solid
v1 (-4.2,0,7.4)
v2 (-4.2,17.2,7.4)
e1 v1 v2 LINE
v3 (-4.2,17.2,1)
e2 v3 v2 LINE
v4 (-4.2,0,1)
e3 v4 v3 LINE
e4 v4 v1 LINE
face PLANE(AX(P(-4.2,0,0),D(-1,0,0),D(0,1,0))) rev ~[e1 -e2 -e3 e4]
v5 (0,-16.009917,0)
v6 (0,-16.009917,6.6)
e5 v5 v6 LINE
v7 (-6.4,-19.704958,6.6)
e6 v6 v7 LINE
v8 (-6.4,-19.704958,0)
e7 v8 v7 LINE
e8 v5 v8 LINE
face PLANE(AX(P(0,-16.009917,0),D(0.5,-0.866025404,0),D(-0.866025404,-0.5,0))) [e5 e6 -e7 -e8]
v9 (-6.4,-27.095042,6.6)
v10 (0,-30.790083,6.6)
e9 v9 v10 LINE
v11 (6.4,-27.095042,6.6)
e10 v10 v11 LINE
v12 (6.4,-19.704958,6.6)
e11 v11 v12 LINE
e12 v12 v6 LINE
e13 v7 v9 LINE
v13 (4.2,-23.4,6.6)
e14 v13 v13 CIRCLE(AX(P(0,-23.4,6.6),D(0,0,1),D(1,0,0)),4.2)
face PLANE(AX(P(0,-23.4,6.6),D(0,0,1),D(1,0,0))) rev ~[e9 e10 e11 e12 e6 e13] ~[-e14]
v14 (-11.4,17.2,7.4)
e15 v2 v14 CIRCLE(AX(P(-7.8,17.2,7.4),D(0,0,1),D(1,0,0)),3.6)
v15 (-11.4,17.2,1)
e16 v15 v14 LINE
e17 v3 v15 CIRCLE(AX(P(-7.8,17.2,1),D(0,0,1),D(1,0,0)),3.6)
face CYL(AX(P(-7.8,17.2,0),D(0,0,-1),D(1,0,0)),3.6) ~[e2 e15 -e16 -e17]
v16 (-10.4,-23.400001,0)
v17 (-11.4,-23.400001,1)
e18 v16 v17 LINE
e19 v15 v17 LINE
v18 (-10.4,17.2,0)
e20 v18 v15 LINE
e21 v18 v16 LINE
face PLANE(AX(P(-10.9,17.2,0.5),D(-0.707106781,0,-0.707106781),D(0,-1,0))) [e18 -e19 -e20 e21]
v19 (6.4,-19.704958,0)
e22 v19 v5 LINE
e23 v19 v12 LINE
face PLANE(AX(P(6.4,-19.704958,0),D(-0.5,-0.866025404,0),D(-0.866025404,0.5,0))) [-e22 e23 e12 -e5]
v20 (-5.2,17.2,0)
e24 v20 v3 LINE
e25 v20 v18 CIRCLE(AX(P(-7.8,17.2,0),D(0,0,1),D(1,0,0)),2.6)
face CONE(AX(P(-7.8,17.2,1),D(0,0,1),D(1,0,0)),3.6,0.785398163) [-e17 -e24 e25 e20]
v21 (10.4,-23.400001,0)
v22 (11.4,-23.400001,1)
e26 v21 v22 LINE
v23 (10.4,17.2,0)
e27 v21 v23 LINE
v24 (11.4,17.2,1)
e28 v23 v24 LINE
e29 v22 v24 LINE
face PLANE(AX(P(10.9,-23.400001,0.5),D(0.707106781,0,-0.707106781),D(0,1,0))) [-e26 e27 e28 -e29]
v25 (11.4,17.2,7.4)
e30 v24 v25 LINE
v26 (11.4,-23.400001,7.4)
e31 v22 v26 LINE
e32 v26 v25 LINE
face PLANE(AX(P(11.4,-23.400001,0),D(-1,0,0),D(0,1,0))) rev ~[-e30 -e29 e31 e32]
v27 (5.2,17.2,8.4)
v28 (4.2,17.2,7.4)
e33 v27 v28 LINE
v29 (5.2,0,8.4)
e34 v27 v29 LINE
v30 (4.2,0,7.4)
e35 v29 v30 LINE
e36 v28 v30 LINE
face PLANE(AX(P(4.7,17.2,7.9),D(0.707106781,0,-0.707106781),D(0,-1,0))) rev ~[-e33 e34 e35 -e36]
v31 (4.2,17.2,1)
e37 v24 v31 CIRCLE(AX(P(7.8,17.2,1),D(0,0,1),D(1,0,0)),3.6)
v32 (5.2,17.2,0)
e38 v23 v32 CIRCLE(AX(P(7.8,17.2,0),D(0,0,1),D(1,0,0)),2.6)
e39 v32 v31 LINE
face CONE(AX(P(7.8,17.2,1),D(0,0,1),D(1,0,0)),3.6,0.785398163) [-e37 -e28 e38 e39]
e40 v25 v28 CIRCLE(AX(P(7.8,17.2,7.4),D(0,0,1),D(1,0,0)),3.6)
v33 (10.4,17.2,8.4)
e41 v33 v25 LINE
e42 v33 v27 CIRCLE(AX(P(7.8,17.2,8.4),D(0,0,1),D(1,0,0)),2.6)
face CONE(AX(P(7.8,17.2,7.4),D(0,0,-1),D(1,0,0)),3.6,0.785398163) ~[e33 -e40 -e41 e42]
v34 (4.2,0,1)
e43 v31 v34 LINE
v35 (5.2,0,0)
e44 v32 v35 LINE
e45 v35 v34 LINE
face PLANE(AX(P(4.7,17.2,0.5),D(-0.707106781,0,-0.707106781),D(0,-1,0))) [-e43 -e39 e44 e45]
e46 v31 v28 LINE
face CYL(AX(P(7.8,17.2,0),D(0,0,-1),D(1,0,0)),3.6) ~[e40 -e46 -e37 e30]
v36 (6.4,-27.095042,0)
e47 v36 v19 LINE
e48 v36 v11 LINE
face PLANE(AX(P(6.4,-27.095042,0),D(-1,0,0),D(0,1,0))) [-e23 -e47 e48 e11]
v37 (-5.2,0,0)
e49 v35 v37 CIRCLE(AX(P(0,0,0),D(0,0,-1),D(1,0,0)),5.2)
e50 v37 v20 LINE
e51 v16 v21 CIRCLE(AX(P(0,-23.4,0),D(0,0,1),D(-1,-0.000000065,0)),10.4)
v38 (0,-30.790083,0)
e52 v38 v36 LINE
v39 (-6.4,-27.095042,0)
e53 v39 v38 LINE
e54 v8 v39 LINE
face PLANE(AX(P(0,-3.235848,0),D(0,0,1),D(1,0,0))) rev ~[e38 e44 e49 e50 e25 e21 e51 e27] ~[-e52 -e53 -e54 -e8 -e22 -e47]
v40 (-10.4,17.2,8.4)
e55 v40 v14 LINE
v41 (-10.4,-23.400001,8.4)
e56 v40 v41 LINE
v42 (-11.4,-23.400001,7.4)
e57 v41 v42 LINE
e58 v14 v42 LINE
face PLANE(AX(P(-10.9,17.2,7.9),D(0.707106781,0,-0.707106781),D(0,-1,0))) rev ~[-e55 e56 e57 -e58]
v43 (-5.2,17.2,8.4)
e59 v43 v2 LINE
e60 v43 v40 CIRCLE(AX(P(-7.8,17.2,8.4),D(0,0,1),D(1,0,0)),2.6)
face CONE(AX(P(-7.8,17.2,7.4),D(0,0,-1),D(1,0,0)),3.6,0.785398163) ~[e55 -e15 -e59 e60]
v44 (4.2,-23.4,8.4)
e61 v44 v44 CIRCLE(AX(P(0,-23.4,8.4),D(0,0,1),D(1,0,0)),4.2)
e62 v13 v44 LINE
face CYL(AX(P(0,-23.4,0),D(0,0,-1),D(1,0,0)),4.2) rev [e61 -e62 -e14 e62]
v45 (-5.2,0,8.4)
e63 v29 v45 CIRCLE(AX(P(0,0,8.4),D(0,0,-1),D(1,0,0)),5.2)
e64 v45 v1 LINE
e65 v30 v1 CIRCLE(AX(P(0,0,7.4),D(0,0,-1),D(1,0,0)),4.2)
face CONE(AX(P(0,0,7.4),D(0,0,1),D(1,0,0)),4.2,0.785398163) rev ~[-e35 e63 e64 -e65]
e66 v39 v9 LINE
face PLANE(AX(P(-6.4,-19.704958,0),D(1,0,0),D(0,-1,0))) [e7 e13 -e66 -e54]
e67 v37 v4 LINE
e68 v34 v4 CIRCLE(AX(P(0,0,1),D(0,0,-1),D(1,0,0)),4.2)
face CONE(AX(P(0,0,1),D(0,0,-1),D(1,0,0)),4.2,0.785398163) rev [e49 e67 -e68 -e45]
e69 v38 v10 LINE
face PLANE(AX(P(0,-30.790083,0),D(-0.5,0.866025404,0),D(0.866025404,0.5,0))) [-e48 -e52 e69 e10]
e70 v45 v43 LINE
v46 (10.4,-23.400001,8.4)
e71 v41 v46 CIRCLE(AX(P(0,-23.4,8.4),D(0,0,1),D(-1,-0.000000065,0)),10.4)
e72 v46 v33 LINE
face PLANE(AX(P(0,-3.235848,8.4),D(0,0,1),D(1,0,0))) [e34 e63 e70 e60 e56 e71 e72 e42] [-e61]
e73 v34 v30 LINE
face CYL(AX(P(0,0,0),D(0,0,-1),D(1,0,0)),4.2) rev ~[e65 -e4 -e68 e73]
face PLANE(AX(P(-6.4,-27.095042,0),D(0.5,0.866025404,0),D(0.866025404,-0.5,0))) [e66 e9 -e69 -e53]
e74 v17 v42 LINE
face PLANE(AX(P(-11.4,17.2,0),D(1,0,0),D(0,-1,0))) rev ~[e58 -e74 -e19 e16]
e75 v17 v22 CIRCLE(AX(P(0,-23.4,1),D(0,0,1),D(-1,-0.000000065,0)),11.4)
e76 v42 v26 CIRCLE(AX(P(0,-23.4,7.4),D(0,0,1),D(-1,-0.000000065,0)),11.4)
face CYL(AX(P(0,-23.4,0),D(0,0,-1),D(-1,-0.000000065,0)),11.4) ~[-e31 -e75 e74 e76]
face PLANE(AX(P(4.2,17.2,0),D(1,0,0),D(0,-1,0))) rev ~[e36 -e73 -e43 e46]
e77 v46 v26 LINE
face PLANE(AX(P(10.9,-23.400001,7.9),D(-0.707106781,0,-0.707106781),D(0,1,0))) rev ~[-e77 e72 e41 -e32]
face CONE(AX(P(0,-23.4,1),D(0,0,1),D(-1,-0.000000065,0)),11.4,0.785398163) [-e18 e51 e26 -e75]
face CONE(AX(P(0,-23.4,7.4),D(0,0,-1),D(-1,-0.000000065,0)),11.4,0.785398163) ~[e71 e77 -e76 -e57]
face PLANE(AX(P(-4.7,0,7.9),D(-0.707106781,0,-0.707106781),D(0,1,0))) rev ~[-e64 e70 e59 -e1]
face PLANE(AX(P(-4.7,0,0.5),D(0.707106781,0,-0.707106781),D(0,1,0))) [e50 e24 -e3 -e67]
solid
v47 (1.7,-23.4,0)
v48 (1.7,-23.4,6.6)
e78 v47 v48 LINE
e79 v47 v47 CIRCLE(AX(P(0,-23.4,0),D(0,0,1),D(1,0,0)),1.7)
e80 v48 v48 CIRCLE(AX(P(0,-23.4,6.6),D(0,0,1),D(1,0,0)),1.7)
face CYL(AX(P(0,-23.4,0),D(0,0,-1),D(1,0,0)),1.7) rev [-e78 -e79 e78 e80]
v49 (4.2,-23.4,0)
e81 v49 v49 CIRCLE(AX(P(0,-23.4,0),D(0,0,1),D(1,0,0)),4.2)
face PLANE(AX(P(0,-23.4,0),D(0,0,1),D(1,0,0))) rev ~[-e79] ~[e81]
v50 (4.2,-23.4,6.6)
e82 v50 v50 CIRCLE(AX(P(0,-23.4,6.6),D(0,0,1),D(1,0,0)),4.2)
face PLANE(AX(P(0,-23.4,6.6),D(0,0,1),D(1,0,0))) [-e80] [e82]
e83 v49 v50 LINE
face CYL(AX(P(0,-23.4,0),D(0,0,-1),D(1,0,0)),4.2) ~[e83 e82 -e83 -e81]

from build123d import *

# Parameters (mm, degrees)
F0_R     = 4.2
F1_DEPTH = 8.4
F2_DEPTH = 6.6
F3_DEPTH = 6.6
F4_T     = -2.5
F5_SIZE  = 1


with BuildPart() as f1:
    # F0 (on Top) → F1 (new body)
    with BuildSketch(Plane.XY):
        with BuildLine():
            Line((4.2, 17.2), (4.2, 0))
            ThreePointArc((4.2, 0), (0, -4.2), (-4.2, 0))
            Line((-4.2, 0), (-4.2, 17.2))
            ThreePointArc((-4.2, 17.2), (-7.8, 20.8), (-11.4, 17.2))
            Line((-11.4, 17.2), (-11.4, -23.4000007438))
            ThreePointArc((-11.4, -23.4000007438), (0, -34.8), (11.4, -23.4000007438))
            Line((11.4, -23.4000007438), (11.4, 17.2))
            ThreePointArc((11.4, 17.2), (7.8, 20.8), (4.2, 17.2))
        make_face()
        Polygon((0, -16.0099165544), (6.4, -19.7049582772), (6.4, -27.0950417228), (0, -30.7900834456), (-6.4, -27.0950417228), (-6.4, -19.7049582772), align=None, mode=Mode.SUBTRACT)
        Polygon((6.4, -27.0950417228), (6.4, -19.7049582772), (0, -16.0099165544), (-6.4, -19.7049582772), (-6.4, -27.0950417228), (0, -30.7900834456), align=None)
        with Locations((0, -23.4)):
            Circle(F0_R, mode=Mode.SUBTRACT)
    extrude(amount=F1_DEPTH)

    # F0 (on Top) → F2 (cut)
    with BuildSketch(Plane.XY):
        Polygon((6.4, -27.0950417228), (6.4, -19.7049582772), (0, -16.0099165544), (-6.4, -19.7049582772), (-6.4, -27.0950417228), (0, -30.7900834456), align=None)
        with Locations((0, -23.4)):
            Circle(F0_R, mode=Mode.SUBTRACT)
    extrude(amount=F2_DEPTH, mode=Mode.SUBTRACT)

    # F5
    f5_edges = [f1.edges().sort_by_distance(p)[0] for p in [
        (11.4, -3.1, 8.4),
        (-11.4, -3.1, 0),
    ]]
    chamfer(f5_edges, length=F5_SIZE)


with BuildPart() as f3:
    # F0 (on Top) → F3 (new body)
    with BuildSketch(Plane.XY):
        with Locations((0, -23.4)):
            Circle(F0_R)
    extrude(amount=F3_DEPTH)

    # F4
    f4_openings = [f3.faces().sort_by_distance(p)[0] for p in [
        (0, -23.4, 6.6),
        (0, -23.4, 0),
    ]]
    offset(amount=F4_T, openings=f4_openings)


solid = Compound([f1.part, f3.part])
